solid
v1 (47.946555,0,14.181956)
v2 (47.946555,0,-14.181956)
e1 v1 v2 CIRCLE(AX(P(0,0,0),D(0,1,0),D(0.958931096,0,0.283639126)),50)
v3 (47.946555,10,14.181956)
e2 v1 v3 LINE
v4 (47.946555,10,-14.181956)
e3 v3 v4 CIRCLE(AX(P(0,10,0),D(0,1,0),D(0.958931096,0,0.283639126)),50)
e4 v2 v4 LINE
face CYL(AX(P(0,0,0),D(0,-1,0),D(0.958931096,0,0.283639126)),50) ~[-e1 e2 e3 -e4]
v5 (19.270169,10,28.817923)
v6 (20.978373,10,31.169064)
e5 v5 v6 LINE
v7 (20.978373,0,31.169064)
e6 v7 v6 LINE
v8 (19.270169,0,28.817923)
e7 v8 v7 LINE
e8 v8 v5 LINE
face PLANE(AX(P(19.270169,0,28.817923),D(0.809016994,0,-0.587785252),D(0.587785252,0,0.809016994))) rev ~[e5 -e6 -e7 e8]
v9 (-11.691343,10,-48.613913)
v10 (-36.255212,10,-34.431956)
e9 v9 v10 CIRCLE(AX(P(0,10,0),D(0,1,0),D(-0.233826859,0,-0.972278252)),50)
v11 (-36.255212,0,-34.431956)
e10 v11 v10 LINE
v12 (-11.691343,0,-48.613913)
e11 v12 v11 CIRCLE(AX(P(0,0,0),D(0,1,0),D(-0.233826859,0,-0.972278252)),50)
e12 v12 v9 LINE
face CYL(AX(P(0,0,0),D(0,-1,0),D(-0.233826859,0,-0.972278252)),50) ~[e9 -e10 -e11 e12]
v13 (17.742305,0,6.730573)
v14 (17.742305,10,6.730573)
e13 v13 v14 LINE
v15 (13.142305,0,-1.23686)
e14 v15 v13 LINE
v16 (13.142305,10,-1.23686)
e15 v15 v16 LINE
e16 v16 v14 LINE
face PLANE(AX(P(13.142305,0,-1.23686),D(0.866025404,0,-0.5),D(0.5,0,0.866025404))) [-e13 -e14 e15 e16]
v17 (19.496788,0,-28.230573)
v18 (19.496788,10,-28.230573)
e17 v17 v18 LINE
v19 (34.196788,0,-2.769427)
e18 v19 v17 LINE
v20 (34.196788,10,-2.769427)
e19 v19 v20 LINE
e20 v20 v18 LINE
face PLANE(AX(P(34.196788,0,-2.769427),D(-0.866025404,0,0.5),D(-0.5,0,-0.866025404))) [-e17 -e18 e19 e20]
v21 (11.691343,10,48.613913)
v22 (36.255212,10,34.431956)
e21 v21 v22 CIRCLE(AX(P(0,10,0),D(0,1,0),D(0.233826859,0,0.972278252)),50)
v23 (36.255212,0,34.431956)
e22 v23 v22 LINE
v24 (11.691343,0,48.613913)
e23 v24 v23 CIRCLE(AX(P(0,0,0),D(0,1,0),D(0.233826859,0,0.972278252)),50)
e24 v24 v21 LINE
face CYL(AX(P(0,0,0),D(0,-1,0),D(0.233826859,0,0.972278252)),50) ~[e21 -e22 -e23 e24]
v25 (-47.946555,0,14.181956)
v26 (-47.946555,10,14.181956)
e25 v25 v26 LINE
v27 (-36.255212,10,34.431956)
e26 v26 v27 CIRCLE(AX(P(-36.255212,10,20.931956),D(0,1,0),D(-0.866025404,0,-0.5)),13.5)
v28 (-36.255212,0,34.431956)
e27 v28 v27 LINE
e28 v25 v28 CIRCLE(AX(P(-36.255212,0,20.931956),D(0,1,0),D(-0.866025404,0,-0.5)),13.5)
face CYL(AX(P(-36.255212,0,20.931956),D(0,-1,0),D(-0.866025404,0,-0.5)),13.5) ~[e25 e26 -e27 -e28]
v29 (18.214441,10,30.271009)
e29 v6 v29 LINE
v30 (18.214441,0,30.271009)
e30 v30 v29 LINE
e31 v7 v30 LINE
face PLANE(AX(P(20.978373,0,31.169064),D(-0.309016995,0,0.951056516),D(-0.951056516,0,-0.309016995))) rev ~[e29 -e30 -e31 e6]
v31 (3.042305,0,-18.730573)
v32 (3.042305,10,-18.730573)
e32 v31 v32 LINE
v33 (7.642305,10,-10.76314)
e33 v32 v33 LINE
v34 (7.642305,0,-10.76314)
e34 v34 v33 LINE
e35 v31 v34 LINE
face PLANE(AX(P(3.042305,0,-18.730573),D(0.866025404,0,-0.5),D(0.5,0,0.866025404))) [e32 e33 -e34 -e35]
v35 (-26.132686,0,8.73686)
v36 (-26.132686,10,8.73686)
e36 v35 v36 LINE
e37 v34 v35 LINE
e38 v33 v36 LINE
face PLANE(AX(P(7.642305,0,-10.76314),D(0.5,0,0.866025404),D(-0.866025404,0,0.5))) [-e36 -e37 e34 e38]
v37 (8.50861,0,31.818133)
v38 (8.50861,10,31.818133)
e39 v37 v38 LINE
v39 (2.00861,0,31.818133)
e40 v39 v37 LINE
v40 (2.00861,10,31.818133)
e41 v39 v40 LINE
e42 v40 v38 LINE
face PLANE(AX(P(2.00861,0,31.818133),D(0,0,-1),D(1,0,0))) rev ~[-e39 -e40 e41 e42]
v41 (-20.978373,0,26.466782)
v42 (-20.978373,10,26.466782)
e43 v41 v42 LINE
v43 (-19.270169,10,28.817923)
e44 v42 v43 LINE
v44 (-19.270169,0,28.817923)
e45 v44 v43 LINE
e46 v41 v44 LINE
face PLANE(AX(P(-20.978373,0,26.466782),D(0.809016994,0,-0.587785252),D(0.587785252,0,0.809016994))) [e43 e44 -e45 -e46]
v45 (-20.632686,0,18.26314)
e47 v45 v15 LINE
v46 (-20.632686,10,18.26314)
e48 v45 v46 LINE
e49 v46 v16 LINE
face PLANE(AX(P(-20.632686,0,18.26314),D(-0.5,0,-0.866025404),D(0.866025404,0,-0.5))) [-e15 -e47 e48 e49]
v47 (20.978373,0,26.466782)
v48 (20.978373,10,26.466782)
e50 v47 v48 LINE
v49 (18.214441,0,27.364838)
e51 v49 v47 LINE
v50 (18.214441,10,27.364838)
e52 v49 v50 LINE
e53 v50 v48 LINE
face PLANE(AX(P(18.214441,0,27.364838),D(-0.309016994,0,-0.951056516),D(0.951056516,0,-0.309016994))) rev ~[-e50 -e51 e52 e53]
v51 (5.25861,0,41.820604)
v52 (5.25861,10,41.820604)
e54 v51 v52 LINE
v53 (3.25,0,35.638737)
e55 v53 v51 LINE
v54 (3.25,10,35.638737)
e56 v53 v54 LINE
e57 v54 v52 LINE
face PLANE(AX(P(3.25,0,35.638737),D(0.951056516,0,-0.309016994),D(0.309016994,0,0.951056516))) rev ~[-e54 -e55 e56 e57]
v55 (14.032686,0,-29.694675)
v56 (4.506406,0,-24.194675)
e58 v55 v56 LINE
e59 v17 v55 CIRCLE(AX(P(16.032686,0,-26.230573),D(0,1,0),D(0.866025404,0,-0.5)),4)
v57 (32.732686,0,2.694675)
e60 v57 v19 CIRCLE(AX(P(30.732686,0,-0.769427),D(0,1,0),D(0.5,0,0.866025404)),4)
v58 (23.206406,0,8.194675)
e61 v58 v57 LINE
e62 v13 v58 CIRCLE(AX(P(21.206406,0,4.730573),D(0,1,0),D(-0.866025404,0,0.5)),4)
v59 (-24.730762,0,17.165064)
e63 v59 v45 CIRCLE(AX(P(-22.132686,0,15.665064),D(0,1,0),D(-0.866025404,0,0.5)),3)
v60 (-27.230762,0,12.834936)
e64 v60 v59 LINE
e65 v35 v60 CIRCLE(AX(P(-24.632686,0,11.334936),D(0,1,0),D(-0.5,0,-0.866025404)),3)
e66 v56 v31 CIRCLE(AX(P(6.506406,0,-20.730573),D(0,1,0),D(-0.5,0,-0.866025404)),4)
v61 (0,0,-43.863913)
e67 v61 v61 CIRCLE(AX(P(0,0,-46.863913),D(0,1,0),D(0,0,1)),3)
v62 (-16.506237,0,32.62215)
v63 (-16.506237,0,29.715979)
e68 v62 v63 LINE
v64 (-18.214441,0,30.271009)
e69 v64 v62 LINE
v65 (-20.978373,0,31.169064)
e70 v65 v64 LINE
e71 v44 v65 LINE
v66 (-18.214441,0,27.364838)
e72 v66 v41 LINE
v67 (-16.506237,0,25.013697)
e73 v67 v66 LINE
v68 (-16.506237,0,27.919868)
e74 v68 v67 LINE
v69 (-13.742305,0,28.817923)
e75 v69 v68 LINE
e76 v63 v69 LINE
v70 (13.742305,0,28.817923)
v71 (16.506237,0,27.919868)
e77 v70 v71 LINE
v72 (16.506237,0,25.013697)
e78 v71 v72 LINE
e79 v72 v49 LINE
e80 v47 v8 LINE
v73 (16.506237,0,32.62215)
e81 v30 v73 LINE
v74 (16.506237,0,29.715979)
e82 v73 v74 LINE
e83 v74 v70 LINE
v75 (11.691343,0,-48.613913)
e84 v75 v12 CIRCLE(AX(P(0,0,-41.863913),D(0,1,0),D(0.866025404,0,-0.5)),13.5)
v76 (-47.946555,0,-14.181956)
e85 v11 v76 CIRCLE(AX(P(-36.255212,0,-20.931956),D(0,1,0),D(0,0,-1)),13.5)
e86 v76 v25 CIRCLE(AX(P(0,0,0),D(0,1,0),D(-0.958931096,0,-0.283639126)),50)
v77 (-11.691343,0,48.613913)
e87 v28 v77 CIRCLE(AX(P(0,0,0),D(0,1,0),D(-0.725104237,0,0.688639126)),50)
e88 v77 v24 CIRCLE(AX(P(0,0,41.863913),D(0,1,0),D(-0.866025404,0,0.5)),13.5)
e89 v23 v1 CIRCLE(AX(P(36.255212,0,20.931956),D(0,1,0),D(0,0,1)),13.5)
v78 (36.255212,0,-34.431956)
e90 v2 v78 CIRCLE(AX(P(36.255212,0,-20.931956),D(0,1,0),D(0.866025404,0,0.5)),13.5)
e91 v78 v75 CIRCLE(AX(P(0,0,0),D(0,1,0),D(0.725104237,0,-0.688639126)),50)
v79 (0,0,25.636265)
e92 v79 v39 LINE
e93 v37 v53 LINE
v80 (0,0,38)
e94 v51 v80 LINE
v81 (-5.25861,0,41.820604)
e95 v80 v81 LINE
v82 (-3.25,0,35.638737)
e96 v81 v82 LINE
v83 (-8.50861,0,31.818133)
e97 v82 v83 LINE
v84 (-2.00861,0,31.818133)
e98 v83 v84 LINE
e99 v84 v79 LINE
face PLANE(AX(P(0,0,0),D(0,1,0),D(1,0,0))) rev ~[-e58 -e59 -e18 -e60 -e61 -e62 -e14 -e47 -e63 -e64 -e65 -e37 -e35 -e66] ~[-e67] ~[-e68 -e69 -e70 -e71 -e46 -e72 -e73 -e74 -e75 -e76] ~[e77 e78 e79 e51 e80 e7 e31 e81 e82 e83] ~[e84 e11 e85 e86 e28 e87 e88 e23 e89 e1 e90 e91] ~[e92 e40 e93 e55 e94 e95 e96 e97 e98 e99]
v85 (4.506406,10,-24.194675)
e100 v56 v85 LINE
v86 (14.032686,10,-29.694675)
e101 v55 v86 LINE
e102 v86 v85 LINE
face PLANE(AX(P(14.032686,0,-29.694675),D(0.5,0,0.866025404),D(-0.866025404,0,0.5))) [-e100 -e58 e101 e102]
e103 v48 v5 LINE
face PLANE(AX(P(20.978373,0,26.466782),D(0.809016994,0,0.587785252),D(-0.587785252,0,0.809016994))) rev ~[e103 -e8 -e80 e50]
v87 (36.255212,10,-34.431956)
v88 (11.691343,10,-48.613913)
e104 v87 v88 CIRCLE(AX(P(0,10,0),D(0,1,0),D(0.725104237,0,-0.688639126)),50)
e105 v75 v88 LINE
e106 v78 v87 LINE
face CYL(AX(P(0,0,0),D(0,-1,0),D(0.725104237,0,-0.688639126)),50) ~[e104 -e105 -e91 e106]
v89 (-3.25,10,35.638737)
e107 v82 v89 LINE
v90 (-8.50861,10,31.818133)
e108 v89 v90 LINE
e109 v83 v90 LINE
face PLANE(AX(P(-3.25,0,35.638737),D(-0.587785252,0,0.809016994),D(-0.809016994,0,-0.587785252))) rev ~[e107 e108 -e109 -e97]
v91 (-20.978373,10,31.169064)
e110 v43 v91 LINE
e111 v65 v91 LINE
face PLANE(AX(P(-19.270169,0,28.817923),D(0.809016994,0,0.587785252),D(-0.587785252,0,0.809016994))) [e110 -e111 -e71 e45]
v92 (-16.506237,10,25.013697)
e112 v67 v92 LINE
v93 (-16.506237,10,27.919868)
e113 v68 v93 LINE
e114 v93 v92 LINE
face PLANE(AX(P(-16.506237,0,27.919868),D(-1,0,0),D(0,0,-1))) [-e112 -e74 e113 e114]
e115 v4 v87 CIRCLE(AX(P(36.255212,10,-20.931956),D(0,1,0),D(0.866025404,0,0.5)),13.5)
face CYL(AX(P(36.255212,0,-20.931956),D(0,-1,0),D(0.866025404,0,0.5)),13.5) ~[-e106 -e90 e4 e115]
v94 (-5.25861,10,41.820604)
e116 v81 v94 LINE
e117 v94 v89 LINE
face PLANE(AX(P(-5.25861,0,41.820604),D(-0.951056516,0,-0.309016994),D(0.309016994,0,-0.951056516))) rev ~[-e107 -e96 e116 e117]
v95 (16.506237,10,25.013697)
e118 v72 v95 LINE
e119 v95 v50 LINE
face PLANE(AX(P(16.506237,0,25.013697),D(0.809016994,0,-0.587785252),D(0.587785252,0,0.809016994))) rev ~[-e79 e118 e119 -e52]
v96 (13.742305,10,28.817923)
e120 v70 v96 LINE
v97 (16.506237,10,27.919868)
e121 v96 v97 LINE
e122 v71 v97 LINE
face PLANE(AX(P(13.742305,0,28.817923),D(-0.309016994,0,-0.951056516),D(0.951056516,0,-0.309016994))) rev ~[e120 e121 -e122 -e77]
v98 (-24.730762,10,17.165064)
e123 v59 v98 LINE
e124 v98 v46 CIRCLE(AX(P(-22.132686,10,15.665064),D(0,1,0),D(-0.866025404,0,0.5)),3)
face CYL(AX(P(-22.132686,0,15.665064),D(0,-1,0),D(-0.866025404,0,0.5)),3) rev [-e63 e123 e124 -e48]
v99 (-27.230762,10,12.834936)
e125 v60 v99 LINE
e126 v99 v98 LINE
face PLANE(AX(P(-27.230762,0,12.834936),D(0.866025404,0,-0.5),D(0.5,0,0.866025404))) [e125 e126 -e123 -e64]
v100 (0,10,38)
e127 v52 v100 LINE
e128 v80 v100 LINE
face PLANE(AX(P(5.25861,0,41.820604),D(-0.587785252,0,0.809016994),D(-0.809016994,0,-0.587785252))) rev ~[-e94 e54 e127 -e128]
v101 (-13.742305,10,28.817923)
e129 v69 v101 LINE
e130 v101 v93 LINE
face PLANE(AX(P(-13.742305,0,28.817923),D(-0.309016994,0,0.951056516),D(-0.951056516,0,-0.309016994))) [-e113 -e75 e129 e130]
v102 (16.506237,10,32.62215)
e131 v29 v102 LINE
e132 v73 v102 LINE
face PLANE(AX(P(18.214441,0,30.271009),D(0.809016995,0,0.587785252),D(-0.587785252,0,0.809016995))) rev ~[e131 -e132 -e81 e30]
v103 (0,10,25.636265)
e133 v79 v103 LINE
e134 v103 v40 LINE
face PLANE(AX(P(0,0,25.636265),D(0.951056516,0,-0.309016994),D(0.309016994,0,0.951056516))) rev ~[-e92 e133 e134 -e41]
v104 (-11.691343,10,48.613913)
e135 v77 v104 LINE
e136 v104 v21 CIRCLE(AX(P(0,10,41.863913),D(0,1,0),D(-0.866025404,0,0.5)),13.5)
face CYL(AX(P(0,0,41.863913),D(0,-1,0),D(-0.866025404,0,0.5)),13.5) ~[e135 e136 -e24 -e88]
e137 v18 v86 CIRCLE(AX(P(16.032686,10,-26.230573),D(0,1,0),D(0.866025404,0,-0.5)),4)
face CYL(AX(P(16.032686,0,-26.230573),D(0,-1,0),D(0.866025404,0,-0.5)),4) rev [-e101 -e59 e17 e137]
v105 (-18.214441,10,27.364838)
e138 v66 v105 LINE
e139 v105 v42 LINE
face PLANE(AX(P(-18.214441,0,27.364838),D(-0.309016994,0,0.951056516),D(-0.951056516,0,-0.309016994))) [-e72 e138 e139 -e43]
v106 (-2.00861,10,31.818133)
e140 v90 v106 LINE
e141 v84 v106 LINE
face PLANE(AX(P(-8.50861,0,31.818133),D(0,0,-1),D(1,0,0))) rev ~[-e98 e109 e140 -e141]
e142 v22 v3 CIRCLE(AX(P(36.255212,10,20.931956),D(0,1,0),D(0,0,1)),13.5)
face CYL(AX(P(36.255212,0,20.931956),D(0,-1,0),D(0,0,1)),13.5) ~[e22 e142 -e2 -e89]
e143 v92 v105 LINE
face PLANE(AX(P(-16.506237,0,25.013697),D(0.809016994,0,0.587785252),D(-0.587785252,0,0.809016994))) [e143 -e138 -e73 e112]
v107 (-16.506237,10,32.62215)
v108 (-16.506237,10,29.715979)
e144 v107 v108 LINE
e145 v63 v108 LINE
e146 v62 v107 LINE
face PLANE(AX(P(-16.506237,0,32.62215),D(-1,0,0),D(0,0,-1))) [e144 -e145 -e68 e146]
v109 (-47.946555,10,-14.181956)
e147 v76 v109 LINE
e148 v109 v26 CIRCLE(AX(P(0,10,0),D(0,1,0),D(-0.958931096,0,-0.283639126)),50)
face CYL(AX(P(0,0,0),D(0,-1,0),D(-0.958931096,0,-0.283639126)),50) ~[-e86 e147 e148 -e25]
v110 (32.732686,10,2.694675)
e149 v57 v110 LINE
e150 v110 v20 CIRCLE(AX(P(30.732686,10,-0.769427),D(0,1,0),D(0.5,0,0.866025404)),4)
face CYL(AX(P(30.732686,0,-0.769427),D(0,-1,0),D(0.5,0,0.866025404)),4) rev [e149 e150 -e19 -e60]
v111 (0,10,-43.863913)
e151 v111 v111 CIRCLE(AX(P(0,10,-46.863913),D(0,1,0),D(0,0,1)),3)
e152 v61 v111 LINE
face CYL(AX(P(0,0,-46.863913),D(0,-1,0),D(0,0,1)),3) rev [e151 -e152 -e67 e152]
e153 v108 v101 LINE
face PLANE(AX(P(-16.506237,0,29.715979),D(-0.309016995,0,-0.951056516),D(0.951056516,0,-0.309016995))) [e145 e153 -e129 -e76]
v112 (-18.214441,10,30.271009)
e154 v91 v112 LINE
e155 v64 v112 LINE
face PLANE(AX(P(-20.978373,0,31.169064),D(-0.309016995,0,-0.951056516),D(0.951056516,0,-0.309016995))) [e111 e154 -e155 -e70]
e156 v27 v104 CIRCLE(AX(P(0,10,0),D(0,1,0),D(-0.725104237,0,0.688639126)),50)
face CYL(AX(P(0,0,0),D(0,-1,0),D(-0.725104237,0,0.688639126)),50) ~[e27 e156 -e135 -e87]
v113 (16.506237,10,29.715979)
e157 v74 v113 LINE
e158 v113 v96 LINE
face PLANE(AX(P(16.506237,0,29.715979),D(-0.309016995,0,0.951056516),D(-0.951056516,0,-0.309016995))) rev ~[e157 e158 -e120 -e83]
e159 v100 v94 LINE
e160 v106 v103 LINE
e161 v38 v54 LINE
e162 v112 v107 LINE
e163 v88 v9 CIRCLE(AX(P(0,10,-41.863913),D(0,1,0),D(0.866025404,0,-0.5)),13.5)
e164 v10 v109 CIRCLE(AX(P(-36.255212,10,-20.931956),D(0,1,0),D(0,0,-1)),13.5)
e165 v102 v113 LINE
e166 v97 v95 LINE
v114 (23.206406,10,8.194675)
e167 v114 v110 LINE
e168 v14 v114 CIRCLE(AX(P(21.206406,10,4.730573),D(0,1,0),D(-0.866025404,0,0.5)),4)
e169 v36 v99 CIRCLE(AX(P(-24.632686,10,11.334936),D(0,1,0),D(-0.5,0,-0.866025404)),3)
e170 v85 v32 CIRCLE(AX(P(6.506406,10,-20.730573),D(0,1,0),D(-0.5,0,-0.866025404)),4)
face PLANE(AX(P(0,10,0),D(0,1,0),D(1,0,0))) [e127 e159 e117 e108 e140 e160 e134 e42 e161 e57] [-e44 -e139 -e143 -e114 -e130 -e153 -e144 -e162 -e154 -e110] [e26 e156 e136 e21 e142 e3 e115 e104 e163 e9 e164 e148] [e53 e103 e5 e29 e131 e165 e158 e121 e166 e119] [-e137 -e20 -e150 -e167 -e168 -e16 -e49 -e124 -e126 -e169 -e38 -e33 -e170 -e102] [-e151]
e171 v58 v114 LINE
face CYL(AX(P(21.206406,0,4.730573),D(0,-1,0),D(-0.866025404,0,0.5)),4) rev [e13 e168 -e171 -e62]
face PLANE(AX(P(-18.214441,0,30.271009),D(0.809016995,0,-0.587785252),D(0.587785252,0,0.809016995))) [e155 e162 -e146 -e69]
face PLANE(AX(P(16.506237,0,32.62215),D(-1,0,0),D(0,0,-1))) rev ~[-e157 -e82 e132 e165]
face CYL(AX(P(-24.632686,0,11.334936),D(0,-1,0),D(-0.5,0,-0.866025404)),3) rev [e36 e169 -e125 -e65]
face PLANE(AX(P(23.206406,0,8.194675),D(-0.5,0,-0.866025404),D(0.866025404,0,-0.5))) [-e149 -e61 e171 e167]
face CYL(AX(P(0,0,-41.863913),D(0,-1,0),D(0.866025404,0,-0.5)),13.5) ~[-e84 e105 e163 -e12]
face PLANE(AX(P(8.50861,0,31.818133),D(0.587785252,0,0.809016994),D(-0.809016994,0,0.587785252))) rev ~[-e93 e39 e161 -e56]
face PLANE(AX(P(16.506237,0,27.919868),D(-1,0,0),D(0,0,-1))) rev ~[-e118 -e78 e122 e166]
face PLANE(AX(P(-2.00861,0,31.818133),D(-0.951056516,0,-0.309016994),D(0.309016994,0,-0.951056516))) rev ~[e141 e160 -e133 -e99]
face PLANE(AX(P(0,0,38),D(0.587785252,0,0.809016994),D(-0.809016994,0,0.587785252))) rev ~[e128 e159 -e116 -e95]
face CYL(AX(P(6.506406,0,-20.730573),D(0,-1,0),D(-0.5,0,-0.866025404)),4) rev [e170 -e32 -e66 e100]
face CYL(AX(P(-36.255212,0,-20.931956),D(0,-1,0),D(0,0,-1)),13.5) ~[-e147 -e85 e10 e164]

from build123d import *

# Parameters (mm, degrees)
SKETCH1_R           = 3
BOSS_EXTRUDE1_DEPTH = 10


with BuildPart() as part:
    # Sketch1 → Boss-Extrude1 (new body)
    with BuildSketch(Plane(origin=(0, 0, 0), x_dir=(1, 0, 0), z_dir=(0, 1, 0))):
        with BuildLine():
            ThreePointArc((-11.691342951, 48.613912618), (-25, 43.301270189), (-36.255211829, 34.431956309))
            ThreePointArc((-36.255211829, 34.431956309), (-47.94655478, 27.681956309), (-47.94655478, 14.181956309))
            ThreePointArc((-47.94655478, 14.181956309), (-50, 0), (-47.94655478, -14.181956309))
            ThreePointArc((-47.94655478, -14.181956309), (-47.94655478, -27.681956309), (-36.255211829, -34.431956309))
            ThreePointArc((-36.255211829, -34.431956309), (-25, -43.301270189), (-11.691342951, -48.613912618))
            ThreePointArc((-11.691342951, -48.613912618), (0, -55.363912618), (11.691342951, -48.613912618))
            ThreePointArc((11.691342951, -48.613912618), (25, -43.301270189), (36.255211829, -34.431956309))
            ThreePointArc((36.255211829, -34.431956309), (47.94655478, -27.681956309), (47.94655478, -14.181956309))
            ThreePointArc((47.94655478, -14.181956309), (50, 0), (47.94655478, 14.181956309))
            ThreePointArc((47.94655478, 14.181956309), (47.94655478, 27.681956309), (36.255211829, 34.431956309))
            ThreePointArc((36.255211829, 34.431956309), (25, 43.301270189), (11.691342951, 48.613912618))
            ThreePointArc((11.691342951, 48.613912618), (0, 55.363912618), (-11.691342951, 48.613912618))
        make_face()
        with Locations(Location((0, 46.863912618, 0), (0, 0, 270))):
            Circle(SKETCH1_R, mode=Mode.SUBTRACT)
        with BuildLine():
            Line((-27.230762114, -12.834936491), (-24.730762114, -17.165063509))
            ThreePointArc((-24.730762114, -17.165063509), (-22.909143037, -18.562840988), (-20.632685902, -18.263139721))
            Line((-20.632685902, -18.263139721), (13.142304845, 1.236860279))
            Line((13.142304845, 1.236860279), (17.742304845, -6.730573436))
            ThreePointArc((17.742304845, -6.730573436), (20.17113028, -8.594276741), (23.206406461, -8.194675051))
            Line((23.206406461, -8.194675051), (32.732685902, -2.694675051))
            ThreePointArc((32.732685902, -2.694675051), (34.596389207, -0.265849616), (34.196787517, 2.769426564))
            Line((34.196787517, 2.769426564), (19.496787517, 28.230573436))
            ThreePointArc((19.496787517, 28.230573436), (17.067962083, 30.094276741), (14.032685902, 29.694675051))
            Line((14.032685902, 29.694675051), (4.506406461, 24.194675051))
            ThreePointArc((4.506406461, 24.194675051), (2.642703155, 21.765849616), (3.042304845, 18.730573436))
            Line((3.042304845, 18.730573436), (7.642304845, 10.763139721))
            Line((7.642304845, 10.763139721), (-26.132685902, -8.736860279))
            ThreePointArc((-26.132685902, -8.736860279), (-27.530463381, -10.558479355), (-27.230762114, -12.834936491))
        make_face(mode=Mode.SUBTRACT)
        Polygon((-2.008610463, -31.818132644), (0, -25.636265288), (2.008610463, -31.818132644), (8.508610463, -31.818132644), (3.25, -35.638736784), (5.258610463, -41.82060414), (0, -38), (-5.258610463, -41.82060414), (-3.25, -35.638736784), (-8.508610463, -31.818132644), align=None, mode=Mode.SUBTRACT)
        Polygon((13.742304845, -28.81792347), (16.506236868, -27.919867517), (16.506236868, -25.013697405), (18.2144408, -27.364838414), (20.978372823, -26.466782461), (19.27016889, -28.81792347), (20.978372823, -31.16906448), (18.2144408, -30.271008526), (16.506236868, -32.622149536), (16.506236868, -29.715979424), align=None, mode=Mode.SUBTRACT)
        Polygon((-13.742304845, -28.81792347), (-16.506236868, -27.919867517), (-16.506236868, -25.013697405), (-18.2144408, -27.364838414), (-20.978372823, -26.466782461), (-19.27016889, -28.81792347), (-20.978372823, -31.16906448), (-18.2144408, -30.271008526), (-16.506236868, -32.622149536), (-16.506236868, -29.715979424), align=None, mode=Mode.SUBTRACT)
    extrude(amount=BOSS_EXTRUDE1_DEPTH)


solid = part.part
